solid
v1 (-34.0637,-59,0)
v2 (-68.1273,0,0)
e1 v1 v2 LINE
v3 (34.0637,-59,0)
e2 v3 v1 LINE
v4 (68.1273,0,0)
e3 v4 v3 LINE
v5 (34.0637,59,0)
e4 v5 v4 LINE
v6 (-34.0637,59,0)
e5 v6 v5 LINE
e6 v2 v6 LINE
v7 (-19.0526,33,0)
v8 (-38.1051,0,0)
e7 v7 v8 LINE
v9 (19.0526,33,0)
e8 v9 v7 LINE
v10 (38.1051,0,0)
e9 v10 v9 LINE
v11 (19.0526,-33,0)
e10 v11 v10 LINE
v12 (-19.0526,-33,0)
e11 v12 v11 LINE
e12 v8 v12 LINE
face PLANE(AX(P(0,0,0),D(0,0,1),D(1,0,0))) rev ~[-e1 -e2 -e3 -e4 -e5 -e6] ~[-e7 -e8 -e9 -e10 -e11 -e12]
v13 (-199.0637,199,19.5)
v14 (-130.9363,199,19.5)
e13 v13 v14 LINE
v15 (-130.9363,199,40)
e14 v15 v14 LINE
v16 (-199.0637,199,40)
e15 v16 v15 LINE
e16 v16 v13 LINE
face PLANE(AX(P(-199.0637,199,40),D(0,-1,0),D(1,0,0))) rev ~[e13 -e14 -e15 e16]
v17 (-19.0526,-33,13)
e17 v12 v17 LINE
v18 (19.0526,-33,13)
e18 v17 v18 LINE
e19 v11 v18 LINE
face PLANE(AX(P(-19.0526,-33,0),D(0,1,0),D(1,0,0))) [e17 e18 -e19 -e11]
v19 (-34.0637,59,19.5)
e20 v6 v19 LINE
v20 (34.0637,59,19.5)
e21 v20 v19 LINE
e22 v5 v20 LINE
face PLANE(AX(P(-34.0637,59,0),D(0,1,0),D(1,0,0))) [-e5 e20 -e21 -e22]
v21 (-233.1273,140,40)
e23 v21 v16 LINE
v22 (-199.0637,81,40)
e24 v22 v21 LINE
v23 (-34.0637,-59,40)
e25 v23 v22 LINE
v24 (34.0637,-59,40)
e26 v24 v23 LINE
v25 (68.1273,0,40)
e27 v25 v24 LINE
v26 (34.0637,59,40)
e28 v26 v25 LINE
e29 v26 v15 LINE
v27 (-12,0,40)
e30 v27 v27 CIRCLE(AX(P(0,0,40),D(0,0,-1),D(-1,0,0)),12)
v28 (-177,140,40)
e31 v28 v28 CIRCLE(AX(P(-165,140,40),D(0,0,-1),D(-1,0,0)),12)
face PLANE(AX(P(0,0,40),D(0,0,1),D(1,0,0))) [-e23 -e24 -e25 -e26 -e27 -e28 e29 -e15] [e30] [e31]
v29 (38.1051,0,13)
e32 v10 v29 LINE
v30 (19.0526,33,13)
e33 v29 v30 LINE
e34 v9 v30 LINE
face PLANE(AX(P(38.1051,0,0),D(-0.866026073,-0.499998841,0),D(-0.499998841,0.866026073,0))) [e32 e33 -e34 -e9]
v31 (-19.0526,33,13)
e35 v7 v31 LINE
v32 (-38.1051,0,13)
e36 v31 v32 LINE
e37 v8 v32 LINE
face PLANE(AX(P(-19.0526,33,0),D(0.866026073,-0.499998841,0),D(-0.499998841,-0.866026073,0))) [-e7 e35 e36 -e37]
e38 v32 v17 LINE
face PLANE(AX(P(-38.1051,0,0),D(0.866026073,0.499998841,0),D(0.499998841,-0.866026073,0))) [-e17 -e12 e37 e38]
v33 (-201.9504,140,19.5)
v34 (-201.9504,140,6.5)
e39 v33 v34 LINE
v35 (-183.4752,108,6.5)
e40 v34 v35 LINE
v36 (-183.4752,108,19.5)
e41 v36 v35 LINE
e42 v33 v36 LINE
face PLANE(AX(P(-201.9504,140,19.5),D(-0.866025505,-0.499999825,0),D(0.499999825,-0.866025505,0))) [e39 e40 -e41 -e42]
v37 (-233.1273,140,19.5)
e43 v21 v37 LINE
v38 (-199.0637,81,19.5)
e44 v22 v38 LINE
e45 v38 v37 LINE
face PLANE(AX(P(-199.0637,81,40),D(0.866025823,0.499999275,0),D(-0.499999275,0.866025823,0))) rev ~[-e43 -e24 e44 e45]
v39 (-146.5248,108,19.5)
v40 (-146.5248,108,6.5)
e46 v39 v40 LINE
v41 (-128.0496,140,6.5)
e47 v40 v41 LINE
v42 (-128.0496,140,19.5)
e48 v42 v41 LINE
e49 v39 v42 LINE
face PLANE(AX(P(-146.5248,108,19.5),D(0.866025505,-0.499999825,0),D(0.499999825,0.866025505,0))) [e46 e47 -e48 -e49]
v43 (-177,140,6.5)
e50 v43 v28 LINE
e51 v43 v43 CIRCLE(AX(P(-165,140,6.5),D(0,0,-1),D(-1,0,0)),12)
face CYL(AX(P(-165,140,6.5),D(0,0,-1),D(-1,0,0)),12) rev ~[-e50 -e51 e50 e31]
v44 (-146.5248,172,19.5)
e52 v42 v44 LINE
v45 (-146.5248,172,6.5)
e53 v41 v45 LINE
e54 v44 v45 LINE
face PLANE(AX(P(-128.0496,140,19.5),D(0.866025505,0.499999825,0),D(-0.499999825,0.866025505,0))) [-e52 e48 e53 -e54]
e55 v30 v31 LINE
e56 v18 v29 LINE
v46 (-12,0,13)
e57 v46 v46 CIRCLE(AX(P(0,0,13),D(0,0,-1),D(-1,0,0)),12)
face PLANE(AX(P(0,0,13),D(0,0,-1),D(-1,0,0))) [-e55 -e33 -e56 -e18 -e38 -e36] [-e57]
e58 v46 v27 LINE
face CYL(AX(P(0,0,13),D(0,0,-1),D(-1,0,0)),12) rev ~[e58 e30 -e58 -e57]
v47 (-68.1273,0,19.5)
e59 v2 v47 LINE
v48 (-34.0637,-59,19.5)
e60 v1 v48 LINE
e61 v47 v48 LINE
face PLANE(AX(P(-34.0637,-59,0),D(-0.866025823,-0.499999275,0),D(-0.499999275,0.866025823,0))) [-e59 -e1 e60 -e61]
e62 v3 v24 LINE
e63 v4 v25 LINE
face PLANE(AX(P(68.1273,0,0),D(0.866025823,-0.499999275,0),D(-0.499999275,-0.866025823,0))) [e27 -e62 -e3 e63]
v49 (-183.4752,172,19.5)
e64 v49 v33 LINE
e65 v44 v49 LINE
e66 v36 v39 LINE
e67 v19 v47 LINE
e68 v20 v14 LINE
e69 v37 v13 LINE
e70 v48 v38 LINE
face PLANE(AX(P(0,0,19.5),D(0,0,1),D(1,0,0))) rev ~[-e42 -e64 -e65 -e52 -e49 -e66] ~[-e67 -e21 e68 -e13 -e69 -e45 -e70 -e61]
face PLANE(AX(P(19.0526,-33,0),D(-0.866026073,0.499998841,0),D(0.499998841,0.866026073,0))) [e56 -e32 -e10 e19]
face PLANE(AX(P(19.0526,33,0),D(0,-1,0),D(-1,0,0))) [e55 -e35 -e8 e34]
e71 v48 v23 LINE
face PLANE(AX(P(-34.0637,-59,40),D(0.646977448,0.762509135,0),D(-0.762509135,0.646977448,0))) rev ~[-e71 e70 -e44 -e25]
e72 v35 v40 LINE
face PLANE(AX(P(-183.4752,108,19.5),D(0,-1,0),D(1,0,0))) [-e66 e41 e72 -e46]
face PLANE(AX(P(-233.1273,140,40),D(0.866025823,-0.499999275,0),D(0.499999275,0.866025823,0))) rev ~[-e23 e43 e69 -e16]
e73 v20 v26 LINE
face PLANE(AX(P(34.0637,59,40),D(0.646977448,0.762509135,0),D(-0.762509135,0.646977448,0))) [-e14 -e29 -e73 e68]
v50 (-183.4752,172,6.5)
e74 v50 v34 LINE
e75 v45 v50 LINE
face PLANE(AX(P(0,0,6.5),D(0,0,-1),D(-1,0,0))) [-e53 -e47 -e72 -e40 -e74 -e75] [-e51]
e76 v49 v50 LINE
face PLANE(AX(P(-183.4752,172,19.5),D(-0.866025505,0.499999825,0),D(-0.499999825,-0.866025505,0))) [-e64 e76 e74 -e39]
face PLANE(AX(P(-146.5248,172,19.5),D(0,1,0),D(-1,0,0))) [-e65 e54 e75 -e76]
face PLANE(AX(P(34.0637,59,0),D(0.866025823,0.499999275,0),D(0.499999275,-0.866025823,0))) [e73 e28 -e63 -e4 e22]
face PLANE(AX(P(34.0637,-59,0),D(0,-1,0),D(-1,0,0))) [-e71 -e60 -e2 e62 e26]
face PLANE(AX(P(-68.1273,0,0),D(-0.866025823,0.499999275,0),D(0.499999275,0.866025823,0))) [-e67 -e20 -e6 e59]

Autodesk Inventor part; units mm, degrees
ref_plane "YZ Plane" through (0, 0, 0) normal (1, 0, 0) x (0, 1, 0)
ref_plane "XZ Plane" through (0, 0, 0) normal (0, 1, 0) x (-1, 0, 0)
ref_plane "XY Plane" through (0, 0, 0) normal (0, 0, 1) x (1, 0, 0)
sketch "Sketch1" plane through (0, 0, 0) normal (0, 0, 1) x (1, 0, 0)
  circle A0 centre (0, 0) radius 12 construction
  line L0 (-68.1273, 0) -> (-34.0637, 59)
  line L1 (-34.0637, 59) -> (34.0637, 59)
  line L2 (34.0637, 59) -> (68.1273, 0)
  line L3 (68.1273, 0) -> (34.0637, -59)
  line L4 (34.0637, -59) -> (-34.0637, -59)
  line L5 (-34.0637, -59) -> (-68.1273, 0)
  dimension "d0" = 24
  dimension "d1" = 118
extrude "Extrusion1" add sketch "Sketch1" along normal blind 40
sketch "Sketch2" plane through (0, 0, 0) normal (0, 0, -1) x (-1, 0, 0)
  line L0 (38.1051, 0) -> (19.0526, -33)
  line L1 (19.0526, -33) -> (-19.0526, -33)
  line L2 (-19.0526, -33) -> (-38.1051, 0)
  line L3 (-38.1051, 0) -> (-19.0526, 33)
  line L4 (-19.0526, 33) -> (19.0526, 33)
  line L5 (19.0526, 33) -> (38.1051, 0)
  circle A0 centre (0, 0) radius 12
  dimension "d4" = 24
  dimension "d5" = 66
extrude "Extrusion2" cut sketch "Sketch2" against normal blind 13 contours L0 L1 L2 L3 L4 L5 | A0
sketch "Sketch3" plane through (0, 0, 40) normal (0, 0, 1) x (1, 0, 0)
  line L0 (-34.0637, -59) -> (34.0637, -59) projected
  line L1 (-34.0637, -59) -> (-199.0637, 81)
  line L2 (34.0637, 59) -> (-34.0637, 59) projected
  line L3 (34.0637, 59) -> (-130.9363, 199)
  line L4 (-68.1273, 0) -> (-34.0637, -59) projected
  line L5 (-34.0637, 59) -> (-68.1273, 0) projected
  line L6 (-130.9363, 199) -> (-96.8727, 140)
  line L7 (-96.8727, 140) -> (-130.9363, 81)
  line L8 (-130.9363, 81) -> (-199.0637, 81)
  line L9 (-199.0637, 81) -> (-233.1273, 140)
  line L10 (-233.1273, 140) -> (-199.0637, 199)
  line L11 (-199.0637, 199) -> (-130.9363, 199)
  point P0 (0, 0)
  point P1 (-165, 140)
  dimension "d9" = 165
  dimension "d21" = 140
  dimension "d22" = 118
extrude "Extrusion3" add sketch "Sketch3" against normal blind 20.5
sketch "Sketch4" plane through (0, 0, 13) normal (0, 0, -1) x (-1, 0, 0)
  circle A0 centre (0, 0) radius 12
  dimension "d12" = 24
extrude "Extrusion4" cut sketch "Sketch4" against normal through all
sketch "Sketch5" plane through (0, 0, 19.5) normal (0, 0, -1) x (-1, 0, 0)
  line L0 (199.0637, 199) -> (130.9363, 199) projected
  line L1 (201.9504, 140) -> (183.4752, 108)
  line L2 (183.4752, 108) -> (146.5248, 108)
  line L3 (146.5248, 108) -> (128.0496, 140)
  line L4 (128.0496, 140) -> (146.5248, 172)
  line L5 (146.5248, 172) -> (183.4752, 172)
  line L6 (183.4752, 172) -> (201.9504, 140)
  point P0 (0, 0)
  point P1 (165, 140)
  point P2 (165, 199)
  point P3 (233.1273, 140)
  dimension "d15" = 64
extrude "Extrusion5" add sketch "Sketch5" along normal blind 13
sketch "Sketch6" plane through (0, 0, 6.5) normal (0, 0, -1) x (-1, 0, 0)
  circle A0 centre (165, 140) radius 12
  line L0 (183.4752, 172) -> (146.5248, 172) projected
  point P0 (0, 0)
  point P1 (201.9504, 140)
  point P2 (165, 172)
  dimension "d18" = 24
extrude "Extrusion6" cut sketch "Sketch6" against normal through all
properties part number "HA10" material "ABS Plastic"
